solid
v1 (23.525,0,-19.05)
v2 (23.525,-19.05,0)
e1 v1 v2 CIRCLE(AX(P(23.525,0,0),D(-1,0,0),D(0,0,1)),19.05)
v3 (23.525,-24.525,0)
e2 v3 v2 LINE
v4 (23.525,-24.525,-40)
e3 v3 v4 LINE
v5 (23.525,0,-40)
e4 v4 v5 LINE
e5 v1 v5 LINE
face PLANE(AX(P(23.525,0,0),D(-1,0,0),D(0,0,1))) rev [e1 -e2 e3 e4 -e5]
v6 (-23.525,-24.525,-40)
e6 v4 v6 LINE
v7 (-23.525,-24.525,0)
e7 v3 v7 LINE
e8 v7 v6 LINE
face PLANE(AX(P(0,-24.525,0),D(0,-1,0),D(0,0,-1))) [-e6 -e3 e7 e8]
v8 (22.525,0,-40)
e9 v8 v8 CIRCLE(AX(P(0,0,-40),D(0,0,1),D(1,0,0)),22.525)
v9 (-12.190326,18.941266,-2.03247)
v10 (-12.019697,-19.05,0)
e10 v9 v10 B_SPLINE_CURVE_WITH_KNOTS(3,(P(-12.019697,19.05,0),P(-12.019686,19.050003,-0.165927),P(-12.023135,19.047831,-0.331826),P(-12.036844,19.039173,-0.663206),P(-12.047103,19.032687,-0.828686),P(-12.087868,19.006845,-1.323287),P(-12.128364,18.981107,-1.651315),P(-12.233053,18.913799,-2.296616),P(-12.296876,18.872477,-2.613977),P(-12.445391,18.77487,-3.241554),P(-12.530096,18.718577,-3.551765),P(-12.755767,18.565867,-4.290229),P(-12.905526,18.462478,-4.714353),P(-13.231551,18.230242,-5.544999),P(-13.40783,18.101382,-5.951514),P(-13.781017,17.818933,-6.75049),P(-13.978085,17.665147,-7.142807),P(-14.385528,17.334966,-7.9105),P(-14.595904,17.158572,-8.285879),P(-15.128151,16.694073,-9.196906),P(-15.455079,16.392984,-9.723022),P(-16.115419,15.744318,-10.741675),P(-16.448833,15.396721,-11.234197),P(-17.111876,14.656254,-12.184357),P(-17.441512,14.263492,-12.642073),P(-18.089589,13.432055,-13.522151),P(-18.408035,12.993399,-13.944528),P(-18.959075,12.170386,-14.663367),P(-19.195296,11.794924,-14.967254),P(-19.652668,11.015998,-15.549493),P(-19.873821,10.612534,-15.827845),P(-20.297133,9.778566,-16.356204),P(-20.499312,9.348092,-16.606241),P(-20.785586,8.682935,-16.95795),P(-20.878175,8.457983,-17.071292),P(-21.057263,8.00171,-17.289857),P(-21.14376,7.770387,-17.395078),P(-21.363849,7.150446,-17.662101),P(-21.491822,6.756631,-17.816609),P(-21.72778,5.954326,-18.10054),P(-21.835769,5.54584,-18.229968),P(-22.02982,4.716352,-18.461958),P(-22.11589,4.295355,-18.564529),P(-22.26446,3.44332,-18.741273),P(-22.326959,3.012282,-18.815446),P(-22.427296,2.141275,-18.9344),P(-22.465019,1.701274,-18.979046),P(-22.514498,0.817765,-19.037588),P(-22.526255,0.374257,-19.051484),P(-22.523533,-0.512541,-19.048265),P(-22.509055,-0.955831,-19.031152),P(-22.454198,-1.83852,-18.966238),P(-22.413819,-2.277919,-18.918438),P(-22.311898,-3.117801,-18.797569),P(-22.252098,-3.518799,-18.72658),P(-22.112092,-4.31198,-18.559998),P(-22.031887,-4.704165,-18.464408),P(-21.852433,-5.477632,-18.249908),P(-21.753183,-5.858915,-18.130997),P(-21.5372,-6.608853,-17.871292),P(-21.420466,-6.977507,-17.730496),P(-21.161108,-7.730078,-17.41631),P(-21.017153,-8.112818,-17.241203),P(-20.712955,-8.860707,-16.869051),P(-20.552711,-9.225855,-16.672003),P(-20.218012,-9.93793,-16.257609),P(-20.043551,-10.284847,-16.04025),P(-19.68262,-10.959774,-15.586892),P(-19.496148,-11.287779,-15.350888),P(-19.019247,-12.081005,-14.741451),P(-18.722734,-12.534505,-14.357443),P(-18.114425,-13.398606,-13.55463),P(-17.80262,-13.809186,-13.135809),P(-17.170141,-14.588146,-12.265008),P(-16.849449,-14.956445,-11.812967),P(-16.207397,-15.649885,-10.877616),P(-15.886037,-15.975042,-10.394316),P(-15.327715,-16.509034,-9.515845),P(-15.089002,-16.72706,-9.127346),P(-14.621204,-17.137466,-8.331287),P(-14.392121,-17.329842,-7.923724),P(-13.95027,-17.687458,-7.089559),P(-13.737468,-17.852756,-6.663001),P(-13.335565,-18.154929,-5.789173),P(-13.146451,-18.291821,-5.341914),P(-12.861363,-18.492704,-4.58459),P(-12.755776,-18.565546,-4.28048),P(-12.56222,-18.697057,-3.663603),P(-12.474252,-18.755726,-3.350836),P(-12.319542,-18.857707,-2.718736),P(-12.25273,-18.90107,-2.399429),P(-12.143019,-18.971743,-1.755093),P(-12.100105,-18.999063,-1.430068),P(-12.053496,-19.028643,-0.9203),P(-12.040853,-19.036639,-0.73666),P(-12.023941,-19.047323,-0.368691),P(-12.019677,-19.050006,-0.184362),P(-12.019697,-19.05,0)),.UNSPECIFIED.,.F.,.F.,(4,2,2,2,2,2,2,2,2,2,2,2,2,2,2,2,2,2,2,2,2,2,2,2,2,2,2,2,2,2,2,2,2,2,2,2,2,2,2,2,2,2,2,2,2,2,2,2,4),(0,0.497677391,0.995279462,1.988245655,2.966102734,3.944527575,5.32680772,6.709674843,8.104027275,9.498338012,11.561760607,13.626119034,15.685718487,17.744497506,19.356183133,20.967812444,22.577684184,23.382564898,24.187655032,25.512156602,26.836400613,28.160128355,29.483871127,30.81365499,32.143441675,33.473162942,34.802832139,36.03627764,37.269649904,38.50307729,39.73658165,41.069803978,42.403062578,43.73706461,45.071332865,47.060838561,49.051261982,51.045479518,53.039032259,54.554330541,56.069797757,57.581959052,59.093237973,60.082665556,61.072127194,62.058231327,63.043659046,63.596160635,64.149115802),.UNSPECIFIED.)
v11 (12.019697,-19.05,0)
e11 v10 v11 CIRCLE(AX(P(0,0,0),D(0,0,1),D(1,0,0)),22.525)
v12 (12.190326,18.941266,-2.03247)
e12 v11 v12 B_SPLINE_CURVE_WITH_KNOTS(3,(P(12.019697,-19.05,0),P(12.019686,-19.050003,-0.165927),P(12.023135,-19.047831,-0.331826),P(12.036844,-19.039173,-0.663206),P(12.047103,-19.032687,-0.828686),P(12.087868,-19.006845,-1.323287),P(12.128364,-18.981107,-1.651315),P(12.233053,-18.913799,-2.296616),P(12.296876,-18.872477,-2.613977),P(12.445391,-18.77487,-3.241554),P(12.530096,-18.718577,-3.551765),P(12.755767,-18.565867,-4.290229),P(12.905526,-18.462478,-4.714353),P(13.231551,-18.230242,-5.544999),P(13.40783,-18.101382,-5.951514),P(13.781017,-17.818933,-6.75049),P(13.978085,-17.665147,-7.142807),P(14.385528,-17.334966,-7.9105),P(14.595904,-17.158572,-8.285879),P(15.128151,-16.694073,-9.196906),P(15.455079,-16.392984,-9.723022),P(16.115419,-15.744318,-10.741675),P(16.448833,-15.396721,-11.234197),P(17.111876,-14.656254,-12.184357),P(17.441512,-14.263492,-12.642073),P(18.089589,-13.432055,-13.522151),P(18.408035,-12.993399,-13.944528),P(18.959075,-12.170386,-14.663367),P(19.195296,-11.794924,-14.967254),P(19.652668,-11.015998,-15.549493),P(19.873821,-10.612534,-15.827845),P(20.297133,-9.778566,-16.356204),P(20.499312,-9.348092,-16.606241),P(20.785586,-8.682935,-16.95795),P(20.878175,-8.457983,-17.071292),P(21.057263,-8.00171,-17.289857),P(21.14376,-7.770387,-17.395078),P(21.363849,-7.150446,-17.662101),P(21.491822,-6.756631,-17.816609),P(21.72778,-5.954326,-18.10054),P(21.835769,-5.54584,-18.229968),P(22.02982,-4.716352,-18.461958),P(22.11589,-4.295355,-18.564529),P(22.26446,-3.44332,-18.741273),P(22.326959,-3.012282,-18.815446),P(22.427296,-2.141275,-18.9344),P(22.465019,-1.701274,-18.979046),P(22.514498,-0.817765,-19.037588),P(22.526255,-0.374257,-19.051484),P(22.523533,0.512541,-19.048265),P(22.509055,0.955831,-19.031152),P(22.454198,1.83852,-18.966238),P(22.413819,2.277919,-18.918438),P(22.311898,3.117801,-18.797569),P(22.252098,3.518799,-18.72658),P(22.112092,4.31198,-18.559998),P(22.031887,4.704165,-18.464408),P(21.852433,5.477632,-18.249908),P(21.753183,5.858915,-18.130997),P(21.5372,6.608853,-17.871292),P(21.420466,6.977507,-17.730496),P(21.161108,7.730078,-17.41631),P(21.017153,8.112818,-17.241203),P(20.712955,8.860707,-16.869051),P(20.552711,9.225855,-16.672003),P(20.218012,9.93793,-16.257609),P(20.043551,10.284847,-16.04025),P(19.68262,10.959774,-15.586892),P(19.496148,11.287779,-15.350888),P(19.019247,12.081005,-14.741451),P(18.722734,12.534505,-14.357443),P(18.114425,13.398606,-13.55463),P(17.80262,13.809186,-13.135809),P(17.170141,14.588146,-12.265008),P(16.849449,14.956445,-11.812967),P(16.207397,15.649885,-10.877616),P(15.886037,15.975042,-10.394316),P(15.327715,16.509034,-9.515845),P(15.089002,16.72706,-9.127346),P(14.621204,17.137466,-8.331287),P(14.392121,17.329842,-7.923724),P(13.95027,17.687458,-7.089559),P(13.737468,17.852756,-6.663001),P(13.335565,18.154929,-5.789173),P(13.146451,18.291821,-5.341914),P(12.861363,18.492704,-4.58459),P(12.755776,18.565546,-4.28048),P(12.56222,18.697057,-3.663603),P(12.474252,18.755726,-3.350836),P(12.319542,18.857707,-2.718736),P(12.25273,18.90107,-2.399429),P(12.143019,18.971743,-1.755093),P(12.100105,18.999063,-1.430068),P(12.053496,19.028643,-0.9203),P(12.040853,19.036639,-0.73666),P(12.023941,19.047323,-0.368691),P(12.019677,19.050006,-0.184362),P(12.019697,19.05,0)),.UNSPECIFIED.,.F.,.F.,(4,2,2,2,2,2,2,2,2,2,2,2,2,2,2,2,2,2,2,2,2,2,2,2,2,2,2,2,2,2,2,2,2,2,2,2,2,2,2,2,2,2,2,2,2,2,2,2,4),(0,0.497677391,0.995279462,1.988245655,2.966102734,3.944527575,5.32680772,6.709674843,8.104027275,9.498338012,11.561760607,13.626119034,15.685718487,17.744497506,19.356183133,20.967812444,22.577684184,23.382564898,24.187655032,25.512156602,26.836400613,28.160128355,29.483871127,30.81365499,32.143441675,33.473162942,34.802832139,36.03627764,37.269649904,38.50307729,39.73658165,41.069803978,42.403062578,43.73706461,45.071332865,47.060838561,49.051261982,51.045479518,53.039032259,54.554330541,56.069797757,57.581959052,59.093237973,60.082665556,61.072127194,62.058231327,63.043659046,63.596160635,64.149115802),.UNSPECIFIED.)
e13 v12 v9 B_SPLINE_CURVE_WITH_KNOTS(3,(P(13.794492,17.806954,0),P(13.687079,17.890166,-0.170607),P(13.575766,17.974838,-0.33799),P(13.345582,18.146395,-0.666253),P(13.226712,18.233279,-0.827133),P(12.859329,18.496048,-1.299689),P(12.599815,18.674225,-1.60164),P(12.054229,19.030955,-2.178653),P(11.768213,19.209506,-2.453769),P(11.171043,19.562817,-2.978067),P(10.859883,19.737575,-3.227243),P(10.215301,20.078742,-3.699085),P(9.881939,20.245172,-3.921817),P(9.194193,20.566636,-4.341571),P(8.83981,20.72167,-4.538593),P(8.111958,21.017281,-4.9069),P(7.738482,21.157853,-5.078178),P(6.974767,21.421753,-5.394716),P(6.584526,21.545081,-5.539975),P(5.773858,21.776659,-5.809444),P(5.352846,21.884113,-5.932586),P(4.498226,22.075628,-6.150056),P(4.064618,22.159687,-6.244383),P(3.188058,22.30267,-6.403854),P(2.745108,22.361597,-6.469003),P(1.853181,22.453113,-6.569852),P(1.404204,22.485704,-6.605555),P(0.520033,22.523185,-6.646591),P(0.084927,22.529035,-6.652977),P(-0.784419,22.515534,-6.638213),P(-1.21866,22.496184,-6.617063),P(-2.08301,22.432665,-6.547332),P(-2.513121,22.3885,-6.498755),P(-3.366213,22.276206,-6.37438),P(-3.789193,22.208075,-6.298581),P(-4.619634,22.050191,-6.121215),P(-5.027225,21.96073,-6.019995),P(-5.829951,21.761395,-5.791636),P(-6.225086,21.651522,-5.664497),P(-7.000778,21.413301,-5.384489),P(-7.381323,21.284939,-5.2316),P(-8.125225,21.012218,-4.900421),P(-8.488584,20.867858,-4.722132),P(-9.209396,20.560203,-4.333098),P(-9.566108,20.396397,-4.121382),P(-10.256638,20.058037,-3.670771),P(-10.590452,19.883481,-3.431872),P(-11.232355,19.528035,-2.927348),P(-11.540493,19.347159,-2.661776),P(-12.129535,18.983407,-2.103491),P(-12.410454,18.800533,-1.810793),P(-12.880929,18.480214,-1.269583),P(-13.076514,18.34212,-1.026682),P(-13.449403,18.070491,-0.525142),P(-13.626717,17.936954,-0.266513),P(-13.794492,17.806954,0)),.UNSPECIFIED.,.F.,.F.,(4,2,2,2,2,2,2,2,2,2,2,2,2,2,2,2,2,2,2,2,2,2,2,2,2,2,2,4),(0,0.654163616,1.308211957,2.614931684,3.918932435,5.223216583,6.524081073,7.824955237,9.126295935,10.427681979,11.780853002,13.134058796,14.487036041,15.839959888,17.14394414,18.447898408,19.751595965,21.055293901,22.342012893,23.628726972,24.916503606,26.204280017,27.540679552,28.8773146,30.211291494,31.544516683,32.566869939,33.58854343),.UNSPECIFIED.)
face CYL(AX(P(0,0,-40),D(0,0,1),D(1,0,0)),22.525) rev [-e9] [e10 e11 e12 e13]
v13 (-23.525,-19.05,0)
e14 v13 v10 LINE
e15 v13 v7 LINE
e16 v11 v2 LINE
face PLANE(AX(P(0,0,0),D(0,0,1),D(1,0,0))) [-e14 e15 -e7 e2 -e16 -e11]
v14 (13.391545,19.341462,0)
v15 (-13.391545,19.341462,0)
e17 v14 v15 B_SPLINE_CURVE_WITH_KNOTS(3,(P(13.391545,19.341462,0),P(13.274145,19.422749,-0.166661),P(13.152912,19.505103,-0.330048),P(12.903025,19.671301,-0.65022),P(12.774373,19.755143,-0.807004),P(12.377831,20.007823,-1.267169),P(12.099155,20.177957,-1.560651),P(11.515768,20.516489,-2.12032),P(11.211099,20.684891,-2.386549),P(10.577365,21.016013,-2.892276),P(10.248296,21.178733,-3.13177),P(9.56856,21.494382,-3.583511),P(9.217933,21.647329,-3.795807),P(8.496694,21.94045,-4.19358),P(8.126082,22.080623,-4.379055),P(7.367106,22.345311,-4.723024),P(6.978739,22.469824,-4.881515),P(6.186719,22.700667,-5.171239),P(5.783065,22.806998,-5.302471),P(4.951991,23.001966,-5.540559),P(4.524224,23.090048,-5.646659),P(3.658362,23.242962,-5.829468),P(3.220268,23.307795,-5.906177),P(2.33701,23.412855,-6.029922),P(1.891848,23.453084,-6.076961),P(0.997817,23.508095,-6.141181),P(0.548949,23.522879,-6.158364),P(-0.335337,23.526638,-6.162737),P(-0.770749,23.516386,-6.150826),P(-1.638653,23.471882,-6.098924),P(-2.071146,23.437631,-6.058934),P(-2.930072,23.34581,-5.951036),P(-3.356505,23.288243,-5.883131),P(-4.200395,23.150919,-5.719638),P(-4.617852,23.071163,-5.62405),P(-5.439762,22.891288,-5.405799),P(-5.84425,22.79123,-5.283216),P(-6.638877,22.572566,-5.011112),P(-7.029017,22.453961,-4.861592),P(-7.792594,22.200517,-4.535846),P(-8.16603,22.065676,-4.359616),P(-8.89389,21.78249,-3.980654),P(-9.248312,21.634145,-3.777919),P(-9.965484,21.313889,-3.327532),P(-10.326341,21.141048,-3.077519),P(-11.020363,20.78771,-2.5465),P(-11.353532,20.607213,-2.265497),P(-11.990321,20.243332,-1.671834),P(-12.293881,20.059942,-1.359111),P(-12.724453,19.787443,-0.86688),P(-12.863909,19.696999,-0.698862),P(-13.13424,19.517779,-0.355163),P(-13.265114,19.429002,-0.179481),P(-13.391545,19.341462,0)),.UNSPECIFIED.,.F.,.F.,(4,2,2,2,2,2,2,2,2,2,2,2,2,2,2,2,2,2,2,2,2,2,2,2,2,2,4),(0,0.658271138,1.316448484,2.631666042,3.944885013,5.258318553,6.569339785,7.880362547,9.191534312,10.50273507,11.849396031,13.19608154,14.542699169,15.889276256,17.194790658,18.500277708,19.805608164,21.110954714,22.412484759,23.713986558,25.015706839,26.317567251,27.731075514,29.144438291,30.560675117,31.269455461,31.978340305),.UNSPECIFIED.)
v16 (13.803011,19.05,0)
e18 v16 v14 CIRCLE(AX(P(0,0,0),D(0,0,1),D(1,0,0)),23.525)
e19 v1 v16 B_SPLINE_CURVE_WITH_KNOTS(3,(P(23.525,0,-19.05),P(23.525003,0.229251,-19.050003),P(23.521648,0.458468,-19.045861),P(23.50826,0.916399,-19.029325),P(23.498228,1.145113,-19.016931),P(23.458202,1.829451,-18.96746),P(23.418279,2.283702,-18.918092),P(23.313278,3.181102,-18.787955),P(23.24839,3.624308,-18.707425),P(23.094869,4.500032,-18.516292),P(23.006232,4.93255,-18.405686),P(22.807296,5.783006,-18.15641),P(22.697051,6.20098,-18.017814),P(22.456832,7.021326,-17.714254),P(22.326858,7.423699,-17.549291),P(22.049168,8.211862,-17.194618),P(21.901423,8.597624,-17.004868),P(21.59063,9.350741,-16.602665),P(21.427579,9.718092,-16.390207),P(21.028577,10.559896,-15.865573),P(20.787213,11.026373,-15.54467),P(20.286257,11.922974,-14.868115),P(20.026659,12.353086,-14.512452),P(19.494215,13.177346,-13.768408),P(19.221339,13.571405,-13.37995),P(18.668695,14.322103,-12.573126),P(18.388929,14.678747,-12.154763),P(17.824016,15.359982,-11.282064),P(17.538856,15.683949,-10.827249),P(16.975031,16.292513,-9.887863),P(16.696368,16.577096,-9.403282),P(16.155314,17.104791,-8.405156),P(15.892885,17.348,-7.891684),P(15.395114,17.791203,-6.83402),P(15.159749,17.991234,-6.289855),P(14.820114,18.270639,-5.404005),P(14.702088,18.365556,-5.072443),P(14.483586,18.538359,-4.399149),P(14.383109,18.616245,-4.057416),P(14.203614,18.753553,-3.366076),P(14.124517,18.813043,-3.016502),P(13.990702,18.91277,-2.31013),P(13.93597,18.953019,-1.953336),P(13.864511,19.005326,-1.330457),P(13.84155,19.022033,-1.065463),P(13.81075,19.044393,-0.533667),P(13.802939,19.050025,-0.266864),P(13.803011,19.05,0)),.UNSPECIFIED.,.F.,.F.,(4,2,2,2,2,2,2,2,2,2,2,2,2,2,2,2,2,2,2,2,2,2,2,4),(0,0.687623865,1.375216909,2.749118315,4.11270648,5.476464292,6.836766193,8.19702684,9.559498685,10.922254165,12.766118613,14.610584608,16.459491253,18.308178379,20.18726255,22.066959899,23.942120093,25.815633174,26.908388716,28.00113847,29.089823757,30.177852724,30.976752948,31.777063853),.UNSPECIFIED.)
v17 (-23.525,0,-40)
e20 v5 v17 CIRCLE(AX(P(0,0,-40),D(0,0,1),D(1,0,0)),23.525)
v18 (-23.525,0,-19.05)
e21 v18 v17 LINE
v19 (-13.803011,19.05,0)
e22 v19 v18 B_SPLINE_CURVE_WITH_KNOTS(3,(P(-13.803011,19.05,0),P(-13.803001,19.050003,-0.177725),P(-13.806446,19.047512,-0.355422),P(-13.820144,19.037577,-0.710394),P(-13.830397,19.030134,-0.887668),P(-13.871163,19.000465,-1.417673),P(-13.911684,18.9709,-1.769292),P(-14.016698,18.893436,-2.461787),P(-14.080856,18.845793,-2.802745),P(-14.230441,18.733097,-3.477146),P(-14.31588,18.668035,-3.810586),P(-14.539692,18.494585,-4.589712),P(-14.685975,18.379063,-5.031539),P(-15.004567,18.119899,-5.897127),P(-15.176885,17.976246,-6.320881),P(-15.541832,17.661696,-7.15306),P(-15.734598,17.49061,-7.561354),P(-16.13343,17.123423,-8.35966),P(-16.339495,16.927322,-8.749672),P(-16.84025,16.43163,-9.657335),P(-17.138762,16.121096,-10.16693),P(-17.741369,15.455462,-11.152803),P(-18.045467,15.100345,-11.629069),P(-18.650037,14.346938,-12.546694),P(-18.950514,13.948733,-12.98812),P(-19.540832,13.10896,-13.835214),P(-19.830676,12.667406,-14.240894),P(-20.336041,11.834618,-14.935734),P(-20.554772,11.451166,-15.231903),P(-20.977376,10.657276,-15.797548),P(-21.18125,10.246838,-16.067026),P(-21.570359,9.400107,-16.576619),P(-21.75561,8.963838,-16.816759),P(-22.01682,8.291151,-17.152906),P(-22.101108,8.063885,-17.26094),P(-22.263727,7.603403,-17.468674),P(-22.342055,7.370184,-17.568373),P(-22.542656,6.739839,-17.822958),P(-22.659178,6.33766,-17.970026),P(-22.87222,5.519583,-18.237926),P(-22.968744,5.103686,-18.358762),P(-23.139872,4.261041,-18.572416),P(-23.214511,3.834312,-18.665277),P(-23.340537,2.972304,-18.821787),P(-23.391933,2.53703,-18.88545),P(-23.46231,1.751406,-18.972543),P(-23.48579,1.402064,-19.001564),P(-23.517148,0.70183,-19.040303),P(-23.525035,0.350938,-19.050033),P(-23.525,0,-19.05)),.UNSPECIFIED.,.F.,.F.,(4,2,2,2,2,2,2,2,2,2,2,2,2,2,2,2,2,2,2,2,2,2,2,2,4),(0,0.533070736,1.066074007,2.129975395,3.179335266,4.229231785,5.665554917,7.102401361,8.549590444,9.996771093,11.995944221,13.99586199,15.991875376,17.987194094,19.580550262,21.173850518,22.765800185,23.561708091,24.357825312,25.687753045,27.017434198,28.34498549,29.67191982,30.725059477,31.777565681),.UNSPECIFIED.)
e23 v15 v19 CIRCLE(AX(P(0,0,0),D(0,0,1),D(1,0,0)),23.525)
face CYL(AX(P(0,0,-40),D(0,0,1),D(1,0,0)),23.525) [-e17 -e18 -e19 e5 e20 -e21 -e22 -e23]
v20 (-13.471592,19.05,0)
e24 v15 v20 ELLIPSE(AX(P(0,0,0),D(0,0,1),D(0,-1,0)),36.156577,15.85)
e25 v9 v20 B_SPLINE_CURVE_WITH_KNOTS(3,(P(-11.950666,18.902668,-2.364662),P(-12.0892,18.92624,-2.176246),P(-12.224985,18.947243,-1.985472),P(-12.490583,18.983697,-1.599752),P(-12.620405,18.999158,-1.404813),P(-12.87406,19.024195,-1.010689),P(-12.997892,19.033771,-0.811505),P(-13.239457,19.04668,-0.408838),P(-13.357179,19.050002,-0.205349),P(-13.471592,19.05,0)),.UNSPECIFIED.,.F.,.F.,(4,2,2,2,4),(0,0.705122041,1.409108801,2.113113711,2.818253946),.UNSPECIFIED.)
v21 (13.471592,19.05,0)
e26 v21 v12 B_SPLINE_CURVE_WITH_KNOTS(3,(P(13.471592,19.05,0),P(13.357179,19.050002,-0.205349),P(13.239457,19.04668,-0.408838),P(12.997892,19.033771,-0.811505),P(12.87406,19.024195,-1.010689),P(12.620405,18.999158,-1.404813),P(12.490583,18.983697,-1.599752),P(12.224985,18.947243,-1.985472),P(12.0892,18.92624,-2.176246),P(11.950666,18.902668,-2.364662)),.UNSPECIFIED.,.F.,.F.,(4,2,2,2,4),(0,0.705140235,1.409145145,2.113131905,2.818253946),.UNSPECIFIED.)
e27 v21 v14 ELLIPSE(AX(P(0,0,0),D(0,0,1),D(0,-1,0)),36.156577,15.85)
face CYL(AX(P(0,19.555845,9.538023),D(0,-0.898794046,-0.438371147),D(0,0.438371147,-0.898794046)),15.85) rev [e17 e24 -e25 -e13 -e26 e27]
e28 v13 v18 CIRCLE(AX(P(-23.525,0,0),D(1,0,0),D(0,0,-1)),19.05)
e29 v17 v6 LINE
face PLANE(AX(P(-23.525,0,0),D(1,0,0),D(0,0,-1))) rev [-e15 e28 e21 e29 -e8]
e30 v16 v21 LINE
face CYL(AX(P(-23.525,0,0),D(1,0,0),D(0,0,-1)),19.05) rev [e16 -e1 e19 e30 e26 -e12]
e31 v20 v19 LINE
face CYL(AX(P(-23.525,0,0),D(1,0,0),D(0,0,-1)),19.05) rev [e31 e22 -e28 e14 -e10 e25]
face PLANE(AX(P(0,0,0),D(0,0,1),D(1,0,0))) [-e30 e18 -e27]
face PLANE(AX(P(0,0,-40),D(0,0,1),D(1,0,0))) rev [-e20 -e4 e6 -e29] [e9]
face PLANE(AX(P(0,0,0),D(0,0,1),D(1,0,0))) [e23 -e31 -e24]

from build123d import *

# Parameters (mm, degrees)
SKETCH1_R           = 23.525
SKETCH1_R_2         = 22.525
BOSS_EXTRUDE1_DEPTH = 40
BOSS_EXTRUDE2_DEPTH = 40
SKETCH2_R           = 19.05
CUT_EXTRUDE1_DEPTH  = 59.025
SKETCH4_R           = 15.85
CUT_EXTRUDE2_DEPTH  = 22.144130073


with BuildPart() as part:
    # Sketch1 → Boss-Extrude1 (new body)
    with BuildSketch(Plane.XY):
        Circle(SKETCH1_R)
        Circle(SKETCH1_R_2, mode=Mode.SUBTRACT)
    extrude(amount=-BOSS_EXTRUDE1_DEPTH)

    # Sketch5 → Boss-Extrude2 (add)
    with BuildSketch(Plane(origin=(0, 0, -40), x_dir=(-1, 0, 0), z_dir=(0, 0, -1))):
        with BuildLine():
            ThreePointArc((0, -23.525), (-16.634687027, -16.634687027), (-23.525, 0))
            Line((-23.525, 0), (-23.525, -23.525))
            Line((-23.525, -23.525), (0, -23.525))
        make_face()
        with BuildLine():
            Line((23.525, -23.525), (23.525, 0))
            ThreePointArc((23.525, 0), (16.634687027, -16.634687027), (0, -23.525))
            Line((0, -23.525), (23.525, -23.525))
        make_face()
        Polygon((23.525, -23.525), (23.525, -24.525), (-23.525, -24.525), (-23.525, -23.525), (0, -23.525), align=None)
    extrude(amount=-BOSS_EXTRUDE2_DEPTH)

    # Sketch2 → Cut-Extrude1 (cut, through all)
    with BuildSketch(Plane(origin=(34.5, 0, 0), x_dir=(0, 0, -1), z_dir=(1, 0, 0))):
        Circle(SKETCH2_R)
    extrude(amount=-CUT_EXTRUDE1_DEPTH, mode=Mode.SUBTRACT)

    # Sketch4 → Cut-Extrude2 (cut, through all)
    with BuildSketch(Plane(origin=(0, 0, 0), x_dir=(1, 0, 0), z_dir=(0, -0.898794046, -0.438371147))):
        Circle(SKETCH4_R)
    extrude(amount=-CUT_EXTRUDE2_DEPTH, mode=Mode.SUBTRACT)


solid = part.part
